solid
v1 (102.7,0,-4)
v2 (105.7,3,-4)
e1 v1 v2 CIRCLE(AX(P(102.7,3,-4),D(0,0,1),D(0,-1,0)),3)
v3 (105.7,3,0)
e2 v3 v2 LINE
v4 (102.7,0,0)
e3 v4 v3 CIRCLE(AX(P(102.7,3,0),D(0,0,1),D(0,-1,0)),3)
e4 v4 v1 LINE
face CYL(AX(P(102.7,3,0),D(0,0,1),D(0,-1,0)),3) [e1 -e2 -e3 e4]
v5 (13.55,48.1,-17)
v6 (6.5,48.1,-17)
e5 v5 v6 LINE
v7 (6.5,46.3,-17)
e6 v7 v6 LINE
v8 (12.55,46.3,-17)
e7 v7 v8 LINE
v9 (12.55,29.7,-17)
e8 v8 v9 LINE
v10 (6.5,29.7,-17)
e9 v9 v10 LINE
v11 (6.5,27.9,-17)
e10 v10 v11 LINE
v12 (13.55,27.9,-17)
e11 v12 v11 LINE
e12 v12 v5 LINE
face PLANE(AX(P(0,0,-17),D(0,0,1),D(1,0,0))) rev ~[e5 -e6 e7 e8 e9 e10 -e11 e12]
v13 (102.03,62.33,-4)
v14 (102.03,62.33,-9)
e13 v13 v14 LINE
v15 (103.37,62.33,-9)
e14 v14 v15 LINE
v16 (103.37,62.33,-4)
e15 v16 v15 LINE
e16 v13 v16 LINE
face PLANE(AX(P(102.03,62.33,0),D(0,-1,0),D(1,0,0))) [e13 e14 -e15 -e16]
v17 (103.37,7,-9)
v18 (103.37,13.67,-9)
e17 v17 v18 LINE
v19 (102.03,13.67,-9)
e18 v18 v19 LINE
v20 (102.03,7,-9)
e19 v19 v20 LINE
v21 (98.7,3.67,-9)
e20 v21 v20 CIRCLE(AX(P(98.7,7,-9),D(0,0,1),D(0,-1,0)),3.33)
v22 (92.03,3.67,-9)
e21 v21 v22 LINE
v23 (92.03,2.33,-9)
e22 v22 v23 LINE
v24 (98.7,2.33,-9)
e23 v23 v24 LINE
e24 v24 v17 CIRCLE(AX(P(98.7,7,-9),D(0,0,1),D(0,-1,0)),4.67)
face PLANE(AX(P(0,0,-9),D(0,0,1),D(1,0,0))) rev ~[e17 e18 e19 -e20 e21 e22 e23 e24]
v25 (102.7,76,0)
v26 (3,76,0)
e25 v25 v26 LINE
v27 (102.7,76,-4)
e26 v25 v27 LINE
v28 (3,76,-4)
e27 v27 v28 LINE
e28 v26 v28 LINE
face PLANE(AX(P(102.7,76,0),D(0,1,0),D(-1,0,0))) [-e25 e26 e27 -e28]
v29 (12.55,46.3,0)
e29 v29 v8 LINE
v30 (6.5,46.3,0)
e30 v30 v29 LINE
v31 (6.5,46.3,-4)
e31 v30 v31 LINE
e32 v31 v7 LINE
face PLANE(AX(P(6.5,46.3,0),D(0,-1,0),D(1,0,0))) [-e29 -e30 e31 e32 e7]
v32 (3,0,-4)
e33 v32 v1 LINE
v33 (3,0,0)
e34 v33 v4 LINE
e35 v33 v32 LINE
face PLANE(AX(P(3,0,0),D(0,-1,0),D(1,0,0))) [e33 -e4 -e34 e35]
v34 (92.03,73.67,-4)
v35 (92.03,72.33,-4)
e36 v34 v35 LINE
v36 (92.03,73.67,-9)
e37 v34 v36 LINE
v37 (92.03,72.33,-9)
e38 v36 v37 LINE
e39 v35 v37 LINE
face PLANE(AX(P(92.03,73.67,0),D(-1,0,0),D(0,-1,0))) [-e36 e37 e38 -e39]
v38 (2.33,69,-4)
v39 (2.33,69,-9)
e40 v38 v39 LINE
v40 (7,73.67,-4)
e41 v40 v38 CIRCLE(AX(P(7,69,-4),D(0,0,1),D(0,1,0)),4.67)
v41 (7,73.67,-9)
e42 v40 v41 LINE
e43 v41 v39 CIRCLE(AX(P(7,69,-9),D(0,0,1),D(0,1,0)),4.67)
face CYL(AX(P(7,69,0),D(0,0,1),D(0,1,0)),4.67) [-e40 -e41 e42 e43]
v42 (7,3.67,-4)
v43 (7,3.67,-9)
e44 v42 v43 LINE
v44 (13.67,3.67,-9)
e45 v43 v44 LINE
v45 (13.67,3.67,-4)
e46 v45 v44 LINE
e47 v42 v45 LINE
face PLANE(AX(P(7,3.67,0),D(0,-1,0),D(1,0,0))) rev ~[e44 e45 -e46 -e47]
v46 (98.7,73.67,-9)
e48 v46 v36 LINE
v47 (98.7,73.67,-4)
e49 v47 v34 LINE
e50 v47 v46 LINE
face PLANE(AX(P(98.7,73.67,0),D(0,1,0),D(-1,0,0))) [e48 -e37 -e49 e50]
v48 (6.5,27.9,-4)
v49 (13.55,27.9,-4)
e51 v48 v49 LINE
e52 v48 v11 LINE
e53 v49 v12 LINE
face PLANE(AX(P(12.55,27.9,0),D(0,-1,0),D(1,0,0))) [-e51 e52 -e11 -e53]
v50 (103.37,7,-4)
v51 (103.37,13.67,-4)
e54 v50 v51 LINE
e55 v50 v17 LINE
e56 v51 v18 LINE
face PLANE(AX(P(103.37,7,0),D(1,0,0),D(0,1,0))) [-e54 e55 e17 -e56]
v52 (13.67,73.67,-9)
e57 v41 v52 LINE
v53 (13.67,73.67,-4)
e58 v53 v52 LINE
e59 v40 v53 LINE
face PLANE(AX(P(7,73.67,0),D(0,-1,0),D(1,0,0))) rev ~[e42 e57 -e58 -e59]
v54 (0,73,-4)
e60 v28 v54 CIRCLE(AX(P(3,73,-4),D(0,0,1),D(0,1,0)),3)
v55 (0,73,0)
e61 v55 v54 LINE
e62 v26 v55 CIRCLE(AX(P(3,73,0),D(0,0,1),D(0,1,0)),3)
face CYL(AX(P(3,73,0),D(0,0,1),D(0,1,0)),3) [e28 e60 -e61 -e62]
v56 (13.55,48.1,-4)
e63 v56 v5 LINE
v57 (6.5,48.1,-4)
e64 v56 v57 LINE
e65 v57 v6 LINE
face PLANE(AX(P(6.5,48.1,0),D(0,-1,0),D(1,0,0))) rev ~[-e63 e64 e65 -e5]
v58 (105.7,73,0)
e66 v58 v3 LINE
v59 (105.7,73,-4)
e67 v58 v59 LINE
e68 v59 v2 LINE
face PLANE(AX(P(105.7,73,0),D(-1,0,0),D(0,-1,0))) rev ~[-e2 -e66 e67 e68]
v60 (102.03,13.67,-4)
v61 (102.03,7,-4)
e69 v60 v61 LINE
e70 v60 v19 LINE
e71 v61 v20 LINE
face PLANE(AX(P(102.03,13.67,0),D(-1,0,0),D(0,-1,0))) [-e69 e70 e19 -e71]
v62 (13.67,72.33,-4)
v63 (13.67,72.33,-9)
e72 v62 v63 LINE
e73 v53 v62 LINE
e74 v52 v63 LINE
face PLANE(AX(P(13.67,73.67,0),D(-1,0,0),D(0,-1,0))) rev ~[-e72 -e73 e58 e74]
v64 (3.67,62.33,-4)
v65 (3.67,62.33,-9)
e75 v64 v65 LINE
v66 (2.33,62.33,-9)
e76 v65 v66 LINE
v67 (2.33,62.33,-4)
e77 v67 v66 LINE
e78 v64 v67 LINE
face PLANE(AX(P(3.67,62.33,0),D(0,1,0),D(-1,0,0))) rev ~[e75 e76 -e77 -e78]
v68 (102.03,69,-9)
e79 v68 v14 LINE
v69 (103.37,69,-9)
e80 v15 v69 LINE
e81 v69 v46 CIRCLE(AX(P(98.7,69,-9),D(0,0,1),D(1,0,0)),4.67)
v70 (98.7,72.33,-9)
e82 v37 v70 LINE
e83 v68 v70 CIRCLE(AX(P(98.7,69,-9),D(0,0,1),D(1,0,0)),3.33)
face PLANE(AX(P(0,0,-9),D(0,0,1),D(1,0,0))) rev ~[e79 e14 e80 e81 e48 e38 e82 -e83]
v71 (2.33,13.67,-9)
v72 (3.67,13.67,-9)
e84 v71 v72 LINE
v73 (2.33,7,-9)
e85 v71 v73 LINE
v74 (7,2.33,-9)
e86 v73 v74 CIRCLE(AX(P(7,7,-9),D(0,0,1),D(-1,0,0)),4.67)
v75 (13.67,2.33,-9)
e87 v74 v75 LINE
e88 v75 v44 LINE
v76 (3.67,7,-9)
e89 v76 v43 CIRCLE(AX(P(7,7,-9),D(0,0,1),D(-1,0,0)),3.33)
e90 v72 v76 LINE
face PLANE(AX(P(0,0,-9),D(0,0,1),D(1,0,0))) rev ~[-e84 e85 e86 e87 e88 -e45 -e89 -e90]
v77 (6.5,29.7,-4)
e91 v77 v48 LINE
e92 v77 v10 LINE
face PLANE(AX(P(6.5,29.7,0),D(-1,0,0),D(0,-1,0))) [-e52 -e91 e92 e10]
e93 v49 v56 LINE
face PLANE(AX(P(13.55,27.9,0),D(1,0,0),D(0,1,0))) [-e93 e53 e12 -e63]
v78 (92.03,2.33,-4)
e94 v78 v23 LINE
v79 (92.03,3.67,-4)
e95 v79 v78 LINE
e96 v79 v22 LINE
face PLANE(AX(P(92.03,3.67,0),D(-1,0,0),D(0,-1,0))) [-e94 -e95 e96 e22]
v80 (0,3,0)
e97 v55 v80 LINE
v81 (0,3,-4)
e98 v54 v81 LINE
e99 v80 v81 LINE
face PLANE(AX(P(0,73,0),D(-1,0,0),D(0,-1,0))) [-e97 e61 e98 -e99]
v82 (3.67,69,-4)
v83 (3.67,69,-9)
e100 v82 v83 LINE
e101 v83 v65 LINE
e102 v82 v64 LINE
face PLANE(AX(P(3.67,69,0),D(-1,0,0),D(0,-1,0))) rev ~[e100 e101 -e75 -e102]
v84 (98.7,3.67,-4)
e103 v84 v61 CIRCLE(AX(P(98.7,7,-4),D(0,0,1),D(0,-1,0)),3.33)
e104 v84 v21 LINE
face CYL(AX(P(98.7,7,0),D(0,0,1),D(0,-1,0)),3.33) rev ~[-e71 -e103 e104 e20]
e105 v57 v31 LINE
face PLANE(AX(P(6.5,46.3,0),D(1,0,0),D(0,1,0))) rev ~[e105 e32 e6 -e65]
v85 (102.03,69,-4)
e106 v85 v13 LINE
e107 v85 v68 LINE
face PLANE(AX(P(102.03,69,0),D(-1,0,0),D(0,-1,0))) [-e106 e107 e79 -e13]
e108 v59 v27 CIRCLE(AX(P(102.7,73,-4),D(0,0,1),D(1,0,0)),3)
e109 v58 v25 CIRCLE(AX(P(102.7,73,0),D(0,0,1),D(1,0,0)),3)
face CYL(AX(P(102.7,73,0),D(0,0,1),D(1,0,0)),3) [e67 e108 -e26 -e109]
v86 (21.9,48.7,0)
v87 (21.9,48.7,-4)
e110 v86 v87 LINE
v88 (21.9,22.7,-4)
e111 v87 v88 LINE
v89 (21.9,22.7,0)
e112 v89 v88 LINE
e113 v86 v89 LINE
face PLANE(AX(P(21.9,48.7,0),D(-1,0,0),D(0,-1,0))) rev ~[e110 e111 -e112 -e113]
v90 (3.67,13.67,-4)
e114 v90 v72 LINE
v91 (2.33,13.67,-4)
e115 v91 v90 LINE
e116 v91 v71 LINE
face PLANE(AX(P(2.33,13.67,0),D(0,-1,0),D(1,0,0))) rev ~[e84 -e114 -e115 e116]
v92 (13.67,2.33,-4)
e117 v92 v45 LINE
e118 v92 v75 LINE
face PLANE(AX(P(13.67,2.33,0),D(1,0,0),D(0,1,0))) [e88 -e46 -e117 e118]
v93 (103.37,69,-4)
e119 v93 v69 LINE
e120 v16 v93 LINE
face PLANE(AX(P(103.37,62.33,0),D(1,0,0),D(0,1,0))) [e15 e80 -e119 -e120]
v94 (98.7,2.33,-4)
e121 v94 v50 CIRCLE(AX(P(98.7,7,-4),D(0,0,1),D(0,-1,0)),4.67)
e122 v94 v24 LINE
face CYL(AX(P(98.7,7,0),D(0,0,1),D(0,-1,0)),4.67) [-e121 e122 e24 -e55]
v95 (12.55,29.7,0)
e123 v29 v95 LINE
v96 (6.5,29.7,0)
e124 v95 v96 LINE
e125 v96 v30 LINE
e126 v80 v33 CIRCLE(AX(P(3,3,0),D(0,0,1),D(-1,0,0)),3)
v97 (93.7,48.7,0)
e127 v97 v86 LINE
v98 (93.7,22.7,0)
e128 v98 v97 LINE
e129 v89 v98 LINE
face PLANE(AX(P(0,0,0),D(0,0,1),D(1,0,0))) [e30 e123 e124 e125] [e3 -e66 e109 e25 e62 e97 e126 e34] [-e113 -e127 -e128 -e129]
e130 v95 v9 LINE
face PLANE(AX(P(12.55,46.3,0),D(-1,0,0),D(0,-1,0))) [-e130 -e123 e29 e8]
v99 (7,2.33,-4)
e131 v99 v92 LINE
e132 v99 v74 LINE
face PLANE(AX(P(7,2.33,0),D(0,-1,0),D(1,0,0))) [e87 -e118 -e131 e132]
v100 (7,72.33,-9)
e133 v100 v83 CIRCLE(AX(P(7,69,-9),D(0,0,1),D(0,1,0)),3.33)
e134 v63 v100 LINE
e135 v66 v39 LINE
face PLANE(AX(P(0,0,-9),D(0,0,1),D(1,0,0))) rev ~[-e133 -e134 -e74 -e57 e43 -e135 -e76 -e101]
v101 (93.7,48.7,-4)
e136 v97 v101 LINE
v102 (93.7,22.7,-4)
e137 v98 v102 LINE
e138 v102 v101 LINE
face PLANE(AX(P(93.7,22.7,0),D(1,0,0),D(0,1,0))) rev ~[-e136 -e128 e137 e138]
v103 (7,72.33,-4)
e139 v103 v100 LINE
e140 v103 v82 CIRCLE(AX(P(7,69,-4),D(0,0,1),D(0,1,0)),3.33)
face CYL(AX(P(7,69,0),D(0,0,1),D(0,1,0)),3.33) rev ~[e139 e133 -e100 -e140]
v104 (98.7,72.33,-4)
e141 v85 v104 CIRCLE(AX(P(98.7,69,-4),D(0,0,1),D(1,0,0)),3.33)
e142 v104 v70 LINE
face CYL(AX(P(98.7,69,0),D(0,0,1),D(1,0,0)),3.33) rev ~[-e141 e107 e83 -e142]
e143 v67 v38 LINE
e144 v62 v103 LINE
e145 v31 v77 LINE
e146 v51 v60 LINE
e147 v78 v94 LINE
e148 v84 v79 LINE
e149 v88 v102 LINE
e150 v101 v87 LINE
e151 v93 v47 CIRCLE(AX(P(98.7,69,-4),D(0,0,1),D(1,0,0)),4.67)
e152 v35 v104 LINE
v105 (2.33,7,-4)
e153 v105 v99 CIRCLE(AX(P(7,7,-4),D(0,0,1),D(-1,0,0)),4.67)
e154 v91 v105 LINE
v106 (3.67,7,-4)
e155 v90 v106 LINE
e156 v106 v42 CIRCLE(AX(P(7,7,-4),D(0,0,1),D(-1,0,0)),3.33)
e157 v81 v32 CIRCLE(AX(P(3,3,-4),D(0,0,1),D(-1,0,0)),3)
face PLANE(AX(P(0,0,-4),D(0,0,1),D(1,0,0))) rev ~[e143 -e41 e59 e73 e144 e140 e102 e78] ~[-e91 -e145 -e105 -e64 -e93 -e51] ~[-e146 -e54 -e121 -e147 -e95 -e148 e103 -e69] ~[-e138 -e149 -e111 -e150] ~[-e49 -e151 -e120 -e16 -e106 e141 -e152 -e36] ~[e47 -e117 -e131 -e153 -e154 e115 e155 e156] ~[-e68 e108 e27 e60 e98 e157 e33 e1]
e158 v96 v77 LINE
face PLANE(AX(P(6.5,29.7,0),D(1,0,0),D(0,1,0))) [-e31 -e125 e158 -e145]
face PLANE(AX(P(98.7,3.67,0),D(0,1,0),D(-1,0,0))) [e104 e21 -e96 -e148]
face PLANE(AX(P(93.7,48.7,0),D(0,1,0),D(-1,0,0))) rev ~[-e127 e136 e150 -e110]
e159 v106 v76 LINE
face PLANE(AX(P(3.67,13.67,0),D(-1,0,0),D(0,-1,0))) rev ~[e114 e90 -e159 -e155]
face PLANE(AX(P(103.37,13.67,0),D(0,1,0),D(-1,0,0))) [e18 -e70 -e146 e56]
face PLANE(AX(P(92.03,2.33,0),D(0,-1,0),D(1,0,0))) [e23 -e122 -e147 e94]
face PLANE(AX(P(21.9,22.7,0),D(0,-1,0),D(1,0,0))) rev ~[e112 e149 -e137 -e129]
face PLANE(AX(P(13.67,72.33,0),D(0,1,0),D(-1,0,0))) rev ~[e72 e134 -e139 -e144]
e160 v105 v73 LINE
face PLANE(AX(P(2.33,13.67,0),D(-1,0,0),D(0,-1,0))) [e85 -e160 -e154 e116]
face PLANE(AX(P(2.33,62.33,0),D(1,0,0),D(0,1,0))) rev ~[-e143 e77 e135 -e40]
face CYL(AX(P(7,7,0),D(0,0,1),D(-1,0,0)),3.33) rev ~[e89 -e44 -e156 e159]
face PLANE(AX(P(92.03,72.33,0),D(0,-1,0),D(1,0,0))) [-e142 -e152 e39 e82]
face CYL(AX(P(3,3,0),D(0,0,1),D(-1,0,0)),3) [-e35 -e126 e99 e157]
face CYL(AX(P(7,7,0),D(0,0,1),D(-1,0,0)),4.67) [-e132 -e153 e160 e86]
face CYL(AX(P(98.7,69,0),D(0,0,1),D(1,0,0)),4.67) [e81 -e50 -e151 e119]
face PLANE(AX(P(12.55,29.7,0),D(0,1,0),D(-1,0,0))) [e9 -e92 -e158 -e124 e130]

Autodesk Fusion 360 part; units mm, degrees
sketch "Esquisse1" plane through (0, 0, 0) normal (0, 0, 1) x (1, 0, 0)
  line L0 (102.7, 76) -> (3, 76)
  line L1 (0, 73) -> (0, 3)
  arc A0 (3, 76) -> (0, 73) centre (3, 73) ccw
  arc A1 (0, 3) -> (3, 0) centre (3, 3) ccw
  arc A2 (105.7, 73) -> (102.7, 76) centre (102.7, 73) ccw
  line L2 (6.5, 46.3) -> (12.55, 46.3)
  line L3 (12.55, 46.3) -> (12.55, 29.7)
  line L4 (12.55, 29.7) -> (6.5, 29.7)
  line L5 (6.5, 29.7) -> (6.5, 46.3)
  line L6 (21.9, 22.7) -> (93.7, 22.7)
  line L7 (93.7, 22.7) -> (93.7, 48.7)
  line L8 (93.7, 48.7) -> (21.9, 48.7)
  line L9 (21.9, 48.7) -> (21.9, 22.7)
  line L10 (12.55, 46.3) -> (6.5, 46.3)
  line L11 (6.5, 46.3) -> (6.5, 48.1)
  line L12 (6.5, 48.1) -> (12.55, 48.1)
  line L13 (12.55, 48.1) -> (12.55, 46.3)
  line L14 (12.55, 29.7) -> (6.5, 29.7)
  line L15 (6.5, 29.7) -> (6.5, 27.9)
  line L16 (6.5, 27.9) -> (12.55, 27.9)
  line L17 (12.55, 27.9) -> (12.55, 29.7)
  line L18 (2, 62) -> (1.9999, 62)
  line L19 (105.7, 73) -> (105.7, 3)
  arc A3 (102.7, 0) -> (105.7, 3) centre (102.7, 3) ccw
  line L20 (12.55, 27.9) -> (13.55, 27.9)
  line L21 (13.55, 27.9) -> (13.55, 48.1)
  line L22 (13.55, 48.1) -> (12.55, 48.1)
  line L23 (12.55, 48.1) -> (12.55, 27.9)
  line L24 (2, 14) -> (2, 7)
  line L25 (7, 2) -> (14, 2)
  arc A4 (2, 7) -> (7, 2) centre (7, 7) ccw
  line L26 (2, 14) -> (4, 14)
  line L27 (4, 14) -> (4, 7)
  line L28 (7, 4) -> (14, 4)
  line L29 (14, 2) -> (14, 4)
  arc A5 (4, 7) -> (7, 4) centre (7, 7) ccw
  line L30 (13.67, 2.33) -> (13.67, 3.67)
  line L31 (7, 3.67) -> (13.67, 3.67)
  arc A6 (3.67, 7) -> (7, 3.67) centre (7, 7) ccw
  line L32 (3.67, 13.67) -> (3.67, 7)
  line L33 (2.33, 13.67) -> (3.67, 13.67)
  line L34 (2.33, 13.67) -> (2.33, 7)
  arc A7 (2.33, 7) -> (7, 2.33) centre (7, 7) ccw
  line L35 (7, 2.33) -> (13.67, 2.33)
  line L36 (91.7, 2) -> (98.7, 2)
  line L37 (103.7, 7) -> (103.7, 14)
  line L38 (103.7, 14) -> (101.7, 14)
  line L39 (101.7, 14) -> (101.7, 7)
  line L40 (98.7, 4) -> (91.7, 4)
  line L41 (91.7, 4) -> (91.7, 2)
  arc A8 (98.7, 2) -> (103.7, 7) centre (98.7, 7) ccw
  arc A9 (98.7, 4) -> (101.7, 7) centre (98.7, 7) ccw
  line L42 (92.03, 2.33) -> (98.7, 2.33)
  arc A10 (98.7, 2.33) -> (103.37, 7) centre (98.7, 7) ccw
  line L43 (103.37, 7) -> (103.37, 13.67)
  line L44 (103.37, 13.67) -> (102.03, 13.67)
  line L45 (102.03, 13.67) -> (102.03, 7)
  arc A11 (98.7, 3.67) -> (102.03, 7) centre (98.7, 7) ccw
  line L46 (98.7, 3.67) -> (92.03, 3.67)
  line L47 (92.03, 3.67) -> (92.03, 2.33)
  line L48 (3, 0) -> (102.7, 0)
  line L49 (103.7, 62) -> (103.7, 69)
  line L50 (98.7, 74) -> (91.7, 74)
  line L51 (91.7, 74) -> (91.7, 72)
  line L52 (91.7, 72) -> (98.7, 72)
  line L53 (101.7, 69) -> (101.7, 62)
  line L54 (101.7, 62) -> (103.7, 62)
  arc A12 (101.7, 69) -> (98.7, 72) centre (98.7, 69) ccw
  arc A13 (103.7, 69) -> (98.7, 74) centre (98.7, 69) ccw
  line L55 (92.03, 72.33) -> (98.7, 72.33)
  arc A14 (102.03, 69) -> (98.7, 72.33) centre (98.7, 69) ccw
  line L56 (102.03, 69) -> (102.03, 62.33)
  line L57 (102.03, 62.33) -> (103.37, 62.33)
  line L58 (103.37, 62.33) -> (103.37, 69)
  arc A15 (103.37, 69) -> (98.7, 73.67) centre (98.7, 69) ccw
  line L59 (98.7, 73.67) -> (92.03, 73.67)
  line L60 (92.03, 73.67) -> (92.03, 72.33)
  line L61 (2, 62) -> (2, 69)
  line L62 (7, 74) -> (14, 74)
  line L63 (14, 74) -> (14, 72)
  line L64 (14, 72) -> (7, 72)
  line L65 (4, 69) -> (4, 62)
  line L66 (4, 62) -> (2, 62)
  arc A16 (7, 74) -> (2, 69) centre (7, 69) ccw
  arc A17 (7, 72) -> (4, 69) centre (7, 69) ccw
  line L67 (2.33, 62.33) -> (2.33, 69)
  arc A18 (7, 73.67) -> (2.33, 69) centre (7, 69) ccw
  line L68 (7, 73.67) -> (13.67, 73.67)
  line L69 (13.67, 73.67) -> (13.67, 72.33)
  line L70 (13.67, 72.33) -> (7, 72.33)
  arc A19 (7, 72.33) -> (3.67, 69) centre (7, 69) ccw
  line L71 (3.67, 69) -> (3.67, 62.33)
  line L72 (3.67, 62.33) -> (2.33, 62.33)
  point P0 (0, 76)
  point P1 (103.7, 2)
  point P2 (103.7, 74)
  point P3 (2, 74)
  dimension "d2" = 76
  dimension "d3" = 3
  dimension "d4" = 3
  dimension "d5" = 3
  dimension "d31" = 6.05
  dimension "d32" = 16.6
  dimension "d49" = 26
  dimension "d50" = 71.8
  dimension "d51" = 27.3
  dimension "d53" = 29.7
  dimension "d55" = 1.8
  dimension "d56" = 1.8
  dimension "d72" = 21.9
  dimension "d92" = 6.5
  dimension "d107" = 3
  dimension "d108" = 105.7
  dimension "d109" = 12
  dimension "d137" = 1
  dimension "d147" = 2
  dimension "d148" = 5
  dimension "d149" = 2
  dimension "d150" = 3
  dimension "d151" = 12
  dimension "d152" = 12
  dimension "d153" = -0.33
  dimension "d154" = 12
  dimension "d155" = 12
  dimension "d160" = 2
  dimension "d162" = 2
  dimension "d164" = 5
  dimension "d165" = 3
  dimension "d166" = -0.33
  dimension "d167" = 12
  dimension "d168" = 12
  dimension "d169" = 2
  dimension "d171" = 2
  dimension "d172" = 2
  dimension "d173" = 2
  dimension "d174" = 2
  dimension "d175" = 3
  dimension "d176" = 5
  dimension "d177" = -0.33
  dimension "d178" = 12
  dimension "d179" = 12
  dimension "d180" = 2
  dimension "d183" = 2
  dimension "d184" = 2
  dimension "d185" = 2
  dimension "d186" = 5
  dimension "d187" = 3
  dimension "d188" = -0.33
extrude "Extrusion1" add sketch "Esquisse1" against normal blind 4 contours L0 L1 A0 A1 A2 L19 A3 L48 | L24 L25 A4 L26 L27 L28 L29 A5 | L36 L37 L38 L39 L40 L41 A8 A9 | L49 L50 L51 L52 L53 L54 A12 A13 | L61 L62 L63 L64 L65 L66 A16 A17
extrude "Extrusion5" add sketch "Esquisse1" against normal blind 17 contours L2 L10 L11 L12 L13 L23 | L3 L13 L17 L20 L21 L22 L23 | L4 L14 L15 L16 L17 L23
extrude "Extrusion17" add sketch "Esquisse1" against normal blind 9 contours L30 L31 A6 L32 L33 L34 A7 L35 | L42 A10 L43 L44 L45 A11 L46 L47 | L55 A14 L56 L57 L58 A15 L59 L60 | L67 A18 L68 L69 L70 A19 L71 L72
equation "d36 = 17.55 mm - 3 mm"
equation "d41 = d32 - 0 mm"
equation "d53 = ( d2 - d32 ) / 2"
equation "d56 = d55"
equation "d158 = 12 mm"
equation "d159 = d158"
equation "d78 = 4.197624 mm"
equation "d79 = 8.198 mm"
equation "d80 = 8.208 mm"
equation "d81 = 6.207952 mm"
equation "d85 = 12 mm"
equation "d87 = -0.4 mm"
equation "d97 = d78"
equation "d98 = d79"
equation "d100 = d81"
equation "d103 = d87"
equation "d104 = d85"
equation "d112 = d80"
equation "d146 = 2 mm"
equation "d147 = d146"
equation "d152 = d151"
equation "d166 = d153"
equation "d177 = d166"
equation "d188 = d153"
equation "d189 = -4 mm - 5 mm"
